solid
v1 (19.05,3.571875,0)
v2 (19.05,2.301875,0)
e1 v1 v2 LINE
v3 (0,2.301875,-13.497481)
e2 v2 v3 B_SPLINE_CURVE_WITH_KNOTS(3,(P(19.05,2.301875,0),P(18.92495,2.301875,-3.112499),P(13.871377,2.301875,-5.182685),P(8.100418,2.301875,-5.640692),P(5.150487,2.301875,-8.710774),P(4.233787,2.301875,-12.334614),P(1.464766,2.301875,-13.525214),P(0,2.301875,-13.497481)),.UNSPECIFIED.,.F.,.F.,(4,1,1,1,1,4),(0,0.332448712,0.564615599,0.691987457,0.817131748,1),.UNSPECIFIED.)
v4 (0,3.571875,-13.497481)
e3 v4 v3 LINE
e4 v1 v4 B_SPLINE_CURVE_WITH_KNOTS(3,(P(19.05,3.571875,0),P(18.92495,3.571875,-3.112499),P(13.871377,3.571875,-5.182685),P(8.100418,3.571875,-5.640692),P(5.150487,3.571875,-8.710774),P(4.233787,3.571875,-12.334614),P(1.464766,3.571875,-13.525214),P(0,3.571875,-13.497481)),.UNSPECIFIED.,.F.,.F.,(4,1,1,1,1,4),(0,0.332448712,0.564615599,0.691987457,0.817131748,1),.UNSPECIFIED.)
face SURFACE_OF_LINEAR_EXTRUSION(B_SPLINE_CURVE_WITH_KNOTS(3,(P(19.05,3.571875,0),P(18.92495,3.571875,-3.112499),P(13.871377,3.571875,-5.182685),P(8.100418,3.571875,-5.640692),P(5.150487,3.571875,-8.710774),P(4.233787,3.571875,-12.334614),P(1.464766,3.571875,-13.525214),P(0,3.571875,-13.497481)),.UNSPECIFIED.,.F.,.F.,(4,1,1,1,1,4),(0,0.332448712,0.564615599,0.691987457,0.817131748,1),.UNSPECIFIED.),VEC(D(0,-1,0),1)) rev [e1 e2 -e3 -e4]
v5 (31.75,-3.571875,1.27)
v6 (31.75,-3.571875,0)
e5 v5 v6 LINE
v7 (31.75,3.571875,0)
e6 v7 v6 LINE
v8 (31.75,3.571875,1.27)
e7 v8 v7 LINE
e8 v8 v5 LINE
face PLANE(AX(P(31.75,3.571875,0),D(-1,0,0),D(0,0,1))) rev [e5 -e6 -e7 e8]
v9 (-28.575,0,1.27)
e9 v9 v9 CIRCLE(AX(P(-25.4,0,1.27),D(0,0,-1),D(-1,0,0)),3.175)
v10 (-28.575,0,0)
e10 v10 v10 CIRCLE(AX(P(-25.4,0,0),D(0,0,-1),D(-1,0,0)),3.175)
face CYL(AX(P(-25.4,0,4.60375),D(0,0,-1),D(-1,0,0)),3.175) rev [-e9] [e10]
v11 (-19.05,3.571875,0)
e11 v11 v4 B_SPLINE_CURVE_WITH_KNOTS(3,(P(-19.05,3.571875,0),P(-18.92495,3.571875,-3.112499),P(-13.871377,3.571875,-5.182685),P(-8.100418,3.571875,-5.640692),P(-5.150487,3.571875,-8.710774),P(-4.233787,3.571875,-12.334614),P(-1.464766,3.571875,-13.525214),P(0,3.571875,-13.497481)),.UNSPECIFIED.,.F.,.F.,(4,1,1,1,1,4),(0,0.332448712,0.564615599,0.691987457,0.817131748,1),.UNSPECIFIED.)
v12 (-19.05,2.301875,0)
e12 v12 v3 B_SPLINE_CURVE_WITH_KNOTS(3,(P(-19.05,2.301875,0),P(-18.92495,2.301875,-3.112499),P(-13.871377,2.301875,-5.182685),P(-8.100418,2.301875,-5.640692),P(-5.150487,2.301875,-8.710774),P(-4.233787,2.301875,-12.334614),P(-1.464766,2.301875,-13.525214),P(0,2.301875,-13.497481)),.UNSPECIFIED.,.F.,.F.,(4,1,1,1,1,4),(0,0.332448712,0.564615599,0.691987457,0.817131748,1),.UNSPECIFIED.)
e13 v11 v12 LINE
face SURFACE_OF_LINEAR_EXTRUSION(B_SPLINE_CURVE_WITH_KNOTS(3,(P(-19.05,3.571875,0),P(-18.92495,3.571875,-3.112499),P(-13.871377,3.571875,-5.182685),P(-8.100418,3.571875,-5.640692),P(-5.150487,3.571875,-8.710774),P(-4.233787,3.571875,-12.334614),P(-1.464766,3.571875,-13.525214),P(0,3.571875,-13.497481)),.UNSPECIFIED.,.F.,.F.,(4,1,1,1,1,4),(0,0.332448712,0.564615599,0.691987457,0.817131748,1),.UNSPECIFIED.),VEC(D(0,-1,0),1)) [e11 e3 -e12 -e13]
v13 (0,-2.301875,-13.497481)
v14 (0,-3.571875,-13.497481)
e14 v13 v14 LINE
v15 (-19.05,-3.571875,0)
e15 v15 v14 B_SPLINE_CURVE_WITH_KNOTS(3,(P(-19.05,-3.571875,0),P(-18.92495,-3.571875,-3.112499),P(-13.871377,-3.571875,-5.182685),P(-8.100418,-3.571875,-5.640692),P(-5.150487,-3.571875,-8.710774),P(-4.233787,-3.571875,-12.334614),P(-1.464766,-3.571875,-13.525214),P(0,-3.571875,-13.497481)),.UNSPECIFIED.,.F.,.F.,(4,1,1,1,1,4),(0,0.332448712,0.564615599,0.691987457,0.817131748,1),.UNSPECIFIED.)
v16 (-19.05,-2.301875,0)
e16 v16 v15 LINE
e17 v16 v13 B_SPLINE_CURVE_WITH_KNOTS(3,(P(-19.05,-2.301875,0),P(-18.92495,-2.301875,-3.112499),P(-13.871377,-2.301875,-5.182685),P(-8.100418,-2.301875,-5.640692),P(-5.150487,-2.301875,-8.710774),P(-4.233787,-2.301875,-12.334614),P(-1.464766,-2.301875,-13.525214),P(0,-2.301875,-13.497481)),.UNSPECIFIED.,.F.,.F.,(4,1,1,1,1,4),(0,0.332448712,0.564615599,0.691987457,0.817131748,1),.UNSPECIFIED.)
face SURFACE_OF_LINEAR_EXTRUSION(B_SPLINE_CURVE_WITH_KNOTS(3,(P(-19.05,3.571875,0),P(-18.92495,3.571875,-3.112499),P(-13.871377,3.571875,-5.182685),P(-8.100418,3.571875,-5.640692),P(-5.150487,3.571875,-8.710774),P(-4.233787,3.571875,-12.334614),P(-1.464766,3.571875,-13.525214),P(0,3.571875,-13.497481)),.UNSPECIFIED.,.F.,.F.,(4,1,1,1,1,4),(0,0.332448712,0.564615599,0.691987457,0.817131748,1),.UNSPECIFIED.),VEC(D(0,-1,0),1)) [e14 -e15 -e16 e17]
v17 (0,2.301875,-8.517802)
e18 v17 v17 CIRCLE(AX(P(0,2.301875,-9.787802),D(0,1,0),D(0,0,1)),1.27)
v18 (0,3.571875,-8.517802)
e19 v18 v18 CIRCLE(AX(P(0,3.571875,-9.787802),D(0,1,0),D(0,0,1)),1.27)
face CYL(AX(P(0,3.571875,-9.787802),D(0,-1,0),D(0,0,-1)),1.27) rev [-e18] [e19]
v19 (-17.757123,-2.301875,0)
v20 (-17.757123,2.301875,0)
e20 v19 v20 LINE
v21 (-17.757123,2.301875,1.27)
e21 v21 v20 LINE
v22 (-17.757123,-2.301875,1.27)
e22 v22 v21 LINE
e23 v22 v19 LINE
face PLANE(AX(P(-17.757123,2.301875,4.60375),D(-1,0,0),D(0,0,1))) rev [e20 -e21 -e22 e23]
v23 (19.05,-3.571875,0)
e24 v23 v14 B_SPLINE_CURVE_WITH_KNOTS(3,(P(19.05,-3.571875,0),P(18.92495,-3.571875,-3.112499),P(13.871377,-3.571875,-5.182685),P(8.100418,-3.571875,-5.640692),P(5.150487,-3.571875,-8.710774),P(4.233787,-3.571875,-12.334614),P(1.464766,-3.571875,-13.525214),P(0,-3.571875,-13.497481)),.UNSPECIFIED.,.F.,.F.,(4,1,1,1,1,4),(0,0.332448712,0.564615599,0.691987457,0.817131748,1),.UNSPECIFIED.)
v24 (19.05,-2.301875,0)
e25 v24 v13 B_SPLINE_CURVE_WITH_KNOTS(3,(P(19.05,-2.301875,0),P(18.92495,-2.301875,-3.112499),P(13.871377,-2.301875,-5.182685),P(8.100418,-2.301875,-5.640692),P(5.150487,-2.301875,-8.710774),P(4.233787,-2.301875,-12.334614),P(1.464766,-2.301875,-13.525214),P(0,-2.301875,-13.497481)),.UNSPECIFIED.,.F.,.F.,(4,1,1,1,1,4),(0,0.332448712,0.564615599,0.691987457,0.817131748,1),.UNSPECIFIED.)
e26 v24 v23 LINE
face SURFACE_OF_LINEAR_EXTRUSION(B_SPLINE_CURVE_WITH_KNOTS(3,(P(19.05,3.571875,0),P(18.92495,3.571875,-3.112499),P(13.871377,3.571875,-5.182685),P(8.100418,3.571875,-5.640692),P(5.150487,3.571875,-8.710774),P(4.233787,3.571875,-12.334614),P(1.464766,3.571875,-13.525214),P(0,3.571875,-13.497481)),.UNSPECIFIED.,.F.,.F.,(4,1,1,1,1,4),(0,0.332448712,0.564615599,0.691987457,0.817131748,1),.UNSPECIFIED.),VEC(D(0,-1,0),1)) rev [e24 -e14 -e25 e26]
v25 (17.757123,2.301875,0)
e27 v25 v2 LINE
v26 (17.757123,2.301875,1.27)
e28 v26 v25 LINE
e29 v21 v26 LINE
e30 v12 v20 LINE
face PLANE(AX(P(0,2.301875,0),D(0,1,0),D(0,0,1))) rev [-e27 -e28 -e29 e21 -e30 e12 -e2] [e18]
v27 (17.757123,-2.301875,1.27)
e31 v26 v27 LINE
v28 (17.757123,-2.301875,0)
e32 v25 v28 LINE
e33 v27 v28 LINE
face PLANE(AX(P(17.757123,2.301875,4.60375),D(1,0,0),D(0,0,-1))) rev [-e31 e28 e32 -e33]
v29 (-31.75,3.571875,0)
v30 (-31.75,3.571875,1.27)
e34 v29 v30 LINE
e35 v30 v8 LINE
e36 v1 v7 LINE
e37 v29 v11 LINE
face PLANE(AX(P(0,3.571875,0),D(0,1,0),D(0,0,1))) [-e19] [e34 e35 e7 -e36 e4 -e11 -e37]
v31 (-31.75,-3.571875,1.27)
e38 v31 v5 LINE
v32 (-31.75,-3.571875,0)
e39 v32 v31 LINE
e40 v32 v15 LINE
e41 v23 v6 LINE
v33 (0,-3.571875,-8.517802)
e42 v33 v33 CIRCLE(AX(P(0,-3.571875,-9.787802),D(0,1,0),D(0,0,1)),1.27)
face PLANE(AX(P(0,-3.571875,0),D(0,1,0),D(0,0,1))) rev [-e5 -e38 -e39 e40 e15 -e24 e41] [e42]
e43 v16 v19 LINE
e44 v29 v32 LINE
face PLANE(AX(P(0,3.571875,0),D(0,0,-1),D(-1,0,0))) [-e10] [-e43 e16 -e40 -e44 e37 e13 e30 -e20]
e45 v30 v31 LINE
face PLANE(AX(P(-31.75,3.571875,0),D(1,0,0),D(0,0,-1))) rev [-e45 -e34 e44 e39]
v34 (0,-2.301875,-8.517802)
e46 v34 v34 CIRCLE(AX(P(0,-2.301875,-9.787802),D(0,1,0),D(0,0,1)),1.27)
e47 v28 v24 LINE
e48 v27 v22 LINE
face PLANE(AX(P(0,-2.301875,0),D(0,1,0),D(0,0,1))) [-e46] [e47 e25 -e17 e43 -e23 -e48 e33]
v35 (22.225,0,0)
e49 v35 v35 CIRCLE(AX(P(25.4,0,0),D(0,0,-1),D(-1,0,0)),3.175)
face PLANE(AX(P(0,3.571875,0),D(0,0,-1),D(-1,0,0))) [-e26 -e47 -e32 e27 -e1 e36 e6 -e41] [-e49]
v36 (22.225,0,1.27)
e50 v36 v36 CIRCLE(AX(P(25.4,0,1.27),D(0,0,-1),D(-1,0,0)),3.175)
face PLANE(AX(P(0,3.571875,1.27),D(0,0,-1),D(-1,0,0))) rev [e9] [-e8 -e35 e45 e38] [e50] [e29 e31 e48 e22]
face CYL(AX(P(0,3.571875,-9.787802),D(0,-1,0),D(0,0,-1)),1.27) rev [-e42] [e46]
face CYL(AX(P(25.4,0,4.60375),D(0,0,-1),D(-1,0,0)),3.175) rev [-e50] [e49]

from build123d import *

# Parameters (mm, degrees)
SKETCH2_R           = 1.27
BOSS_EXTRUDE1_DEPTH = 3.571875
SKETCH2_3_R         = 1.27
CUT_EXTRUDE1_DEPTH  = 2.301875
SKETCH3_R           = 3.175
SKETCH3_W           = 35.514246082
SKETCH3_H           = 4.60375
CUT_EXTRUDE2_DEPTH  = 4.60375


with BuildPart() as part:
    # Sketch2 → Boss-Extrude1 (new, symmetric)
    with BuildSketch(Plane(origin=(0, 0, 0), x_dir=(1, 0, 0), z_dir=(0, 1, 0))):
        with BuildLine():
            Line((-19.05, 0), (-31.75, 0))
            Line((-31.75, 0), (-31.75, -1.27))
            Line((-31.75, -1.27), (31.75, -1.27))
            Line((31.75, -1.27), (31.75, 0))
            Line((31.75, 0), (19.05, 0))
            add(Edge.make_bspline(
                [(19.05, 0), (18.924950207, 3.11249949), (13.871376527, 5.182684851), (8.100418146, 5.640691885), (5.150487062, 8.710773905), (4.233787006, 12.334614196), (1.464765989, 13.525214321), (0, 13.497480559)],
                knots=[0, 0, 0, 0, 0.332448712, 0.564615599, 0.691987457, 0.817131748, 1, 1, 1, 1], degree=3))
            add(Edge.make_bspline(
                [(-19.05, 0), (-18.924950207, 3.11249949), (-13.871376527, 5.182684851), (-8.100418146, 5.640691885), (-5.150487062, 8.710773905), (-4.233787006, 12.334614196), (-1.464765989, 13.525214321), (0, 13.497480559)],
                knots=[0, 0, 0, 0, 0.332448712, 0.564615599, 0.691987457, 0.817131748, 1, 1, 1, 1], degree=3))
        make_face()
        with Locations((0, 9.787802422)):
            Circle(SKETCH2_R, mode=Mode.SUBTRACT)
    extrude(amount=BOSS_EXTRUDE1_DEPTH, both=True)

    # Sketch2<3> → Cut-Extrude1 (cut, symmetric)
    with BuildSketch(Plane(origin=(0, 0, 0), x_dir=(1, 0, 0), z_dir=(0, 1, 0))):
        with BuildLine():
            add(Edge.make_bspline(
                [(-19.05, 0), (-18.924950207, 3.11249949), (-13.871376527, 5.182684851), (-8.100418146, 5.640691885), (-5.150487062, 8.710773905), (-4.233787006, 12.334614196), (-1.464765989, 13.525214321), (0, 13.497480559)],
                knots=[0, 0, 0, 0, 0.332448712, 0.564615599, 0.691987457, 0.817131748, 1, 1, 1, 1], degree=3))
            Line((-19.05, 0), (19.05, 0))
            add(Edge.make_bspline(
                [(19.05, 0), (18.924950207, 3.11249949), (13.871376527, 5.182684851), (8.100418146, 5.640691885), (5.150487062, 8.710773905), (4.233787006, 12.334614196), (1.464765989, 13.525214321), (0, 13.497480559)],
                knots=[0, 0, 0, 0, 0.332448712, 0.564615599, 0.691987457, 0.817131748, 1, 1, 1, 1], degree=3))
        make_face()
        with Locations((0, 9.787802422)):
            Circle(SKETCH2_3_R, mode=Mode.SUBTRACT)
    extrude(amount=CUT_EXTRUDE1_DEPTH, both=True, mode=Mode.SUBTRACT)

    # Sketch3 → Cut-Extrude2 (cut)
    with BuildSketch(Plane(origin=(0, 0, 0), x_dir=(-1, 0, 0), z_dir=(0, 0, -1))):
        with Locations((-25.4, 0)):
            Circle(SKETCH3_R)
        with Locations((25.4, 0)):
            Circle(SKETCH3_R)
        Rectangle(SKETCH3_W, SKETCH3_H)
    extrude(amount=-CUT_EXTRUDE2_DEPTH, mode=Mode.SUBTRACT)


solid = part.part
